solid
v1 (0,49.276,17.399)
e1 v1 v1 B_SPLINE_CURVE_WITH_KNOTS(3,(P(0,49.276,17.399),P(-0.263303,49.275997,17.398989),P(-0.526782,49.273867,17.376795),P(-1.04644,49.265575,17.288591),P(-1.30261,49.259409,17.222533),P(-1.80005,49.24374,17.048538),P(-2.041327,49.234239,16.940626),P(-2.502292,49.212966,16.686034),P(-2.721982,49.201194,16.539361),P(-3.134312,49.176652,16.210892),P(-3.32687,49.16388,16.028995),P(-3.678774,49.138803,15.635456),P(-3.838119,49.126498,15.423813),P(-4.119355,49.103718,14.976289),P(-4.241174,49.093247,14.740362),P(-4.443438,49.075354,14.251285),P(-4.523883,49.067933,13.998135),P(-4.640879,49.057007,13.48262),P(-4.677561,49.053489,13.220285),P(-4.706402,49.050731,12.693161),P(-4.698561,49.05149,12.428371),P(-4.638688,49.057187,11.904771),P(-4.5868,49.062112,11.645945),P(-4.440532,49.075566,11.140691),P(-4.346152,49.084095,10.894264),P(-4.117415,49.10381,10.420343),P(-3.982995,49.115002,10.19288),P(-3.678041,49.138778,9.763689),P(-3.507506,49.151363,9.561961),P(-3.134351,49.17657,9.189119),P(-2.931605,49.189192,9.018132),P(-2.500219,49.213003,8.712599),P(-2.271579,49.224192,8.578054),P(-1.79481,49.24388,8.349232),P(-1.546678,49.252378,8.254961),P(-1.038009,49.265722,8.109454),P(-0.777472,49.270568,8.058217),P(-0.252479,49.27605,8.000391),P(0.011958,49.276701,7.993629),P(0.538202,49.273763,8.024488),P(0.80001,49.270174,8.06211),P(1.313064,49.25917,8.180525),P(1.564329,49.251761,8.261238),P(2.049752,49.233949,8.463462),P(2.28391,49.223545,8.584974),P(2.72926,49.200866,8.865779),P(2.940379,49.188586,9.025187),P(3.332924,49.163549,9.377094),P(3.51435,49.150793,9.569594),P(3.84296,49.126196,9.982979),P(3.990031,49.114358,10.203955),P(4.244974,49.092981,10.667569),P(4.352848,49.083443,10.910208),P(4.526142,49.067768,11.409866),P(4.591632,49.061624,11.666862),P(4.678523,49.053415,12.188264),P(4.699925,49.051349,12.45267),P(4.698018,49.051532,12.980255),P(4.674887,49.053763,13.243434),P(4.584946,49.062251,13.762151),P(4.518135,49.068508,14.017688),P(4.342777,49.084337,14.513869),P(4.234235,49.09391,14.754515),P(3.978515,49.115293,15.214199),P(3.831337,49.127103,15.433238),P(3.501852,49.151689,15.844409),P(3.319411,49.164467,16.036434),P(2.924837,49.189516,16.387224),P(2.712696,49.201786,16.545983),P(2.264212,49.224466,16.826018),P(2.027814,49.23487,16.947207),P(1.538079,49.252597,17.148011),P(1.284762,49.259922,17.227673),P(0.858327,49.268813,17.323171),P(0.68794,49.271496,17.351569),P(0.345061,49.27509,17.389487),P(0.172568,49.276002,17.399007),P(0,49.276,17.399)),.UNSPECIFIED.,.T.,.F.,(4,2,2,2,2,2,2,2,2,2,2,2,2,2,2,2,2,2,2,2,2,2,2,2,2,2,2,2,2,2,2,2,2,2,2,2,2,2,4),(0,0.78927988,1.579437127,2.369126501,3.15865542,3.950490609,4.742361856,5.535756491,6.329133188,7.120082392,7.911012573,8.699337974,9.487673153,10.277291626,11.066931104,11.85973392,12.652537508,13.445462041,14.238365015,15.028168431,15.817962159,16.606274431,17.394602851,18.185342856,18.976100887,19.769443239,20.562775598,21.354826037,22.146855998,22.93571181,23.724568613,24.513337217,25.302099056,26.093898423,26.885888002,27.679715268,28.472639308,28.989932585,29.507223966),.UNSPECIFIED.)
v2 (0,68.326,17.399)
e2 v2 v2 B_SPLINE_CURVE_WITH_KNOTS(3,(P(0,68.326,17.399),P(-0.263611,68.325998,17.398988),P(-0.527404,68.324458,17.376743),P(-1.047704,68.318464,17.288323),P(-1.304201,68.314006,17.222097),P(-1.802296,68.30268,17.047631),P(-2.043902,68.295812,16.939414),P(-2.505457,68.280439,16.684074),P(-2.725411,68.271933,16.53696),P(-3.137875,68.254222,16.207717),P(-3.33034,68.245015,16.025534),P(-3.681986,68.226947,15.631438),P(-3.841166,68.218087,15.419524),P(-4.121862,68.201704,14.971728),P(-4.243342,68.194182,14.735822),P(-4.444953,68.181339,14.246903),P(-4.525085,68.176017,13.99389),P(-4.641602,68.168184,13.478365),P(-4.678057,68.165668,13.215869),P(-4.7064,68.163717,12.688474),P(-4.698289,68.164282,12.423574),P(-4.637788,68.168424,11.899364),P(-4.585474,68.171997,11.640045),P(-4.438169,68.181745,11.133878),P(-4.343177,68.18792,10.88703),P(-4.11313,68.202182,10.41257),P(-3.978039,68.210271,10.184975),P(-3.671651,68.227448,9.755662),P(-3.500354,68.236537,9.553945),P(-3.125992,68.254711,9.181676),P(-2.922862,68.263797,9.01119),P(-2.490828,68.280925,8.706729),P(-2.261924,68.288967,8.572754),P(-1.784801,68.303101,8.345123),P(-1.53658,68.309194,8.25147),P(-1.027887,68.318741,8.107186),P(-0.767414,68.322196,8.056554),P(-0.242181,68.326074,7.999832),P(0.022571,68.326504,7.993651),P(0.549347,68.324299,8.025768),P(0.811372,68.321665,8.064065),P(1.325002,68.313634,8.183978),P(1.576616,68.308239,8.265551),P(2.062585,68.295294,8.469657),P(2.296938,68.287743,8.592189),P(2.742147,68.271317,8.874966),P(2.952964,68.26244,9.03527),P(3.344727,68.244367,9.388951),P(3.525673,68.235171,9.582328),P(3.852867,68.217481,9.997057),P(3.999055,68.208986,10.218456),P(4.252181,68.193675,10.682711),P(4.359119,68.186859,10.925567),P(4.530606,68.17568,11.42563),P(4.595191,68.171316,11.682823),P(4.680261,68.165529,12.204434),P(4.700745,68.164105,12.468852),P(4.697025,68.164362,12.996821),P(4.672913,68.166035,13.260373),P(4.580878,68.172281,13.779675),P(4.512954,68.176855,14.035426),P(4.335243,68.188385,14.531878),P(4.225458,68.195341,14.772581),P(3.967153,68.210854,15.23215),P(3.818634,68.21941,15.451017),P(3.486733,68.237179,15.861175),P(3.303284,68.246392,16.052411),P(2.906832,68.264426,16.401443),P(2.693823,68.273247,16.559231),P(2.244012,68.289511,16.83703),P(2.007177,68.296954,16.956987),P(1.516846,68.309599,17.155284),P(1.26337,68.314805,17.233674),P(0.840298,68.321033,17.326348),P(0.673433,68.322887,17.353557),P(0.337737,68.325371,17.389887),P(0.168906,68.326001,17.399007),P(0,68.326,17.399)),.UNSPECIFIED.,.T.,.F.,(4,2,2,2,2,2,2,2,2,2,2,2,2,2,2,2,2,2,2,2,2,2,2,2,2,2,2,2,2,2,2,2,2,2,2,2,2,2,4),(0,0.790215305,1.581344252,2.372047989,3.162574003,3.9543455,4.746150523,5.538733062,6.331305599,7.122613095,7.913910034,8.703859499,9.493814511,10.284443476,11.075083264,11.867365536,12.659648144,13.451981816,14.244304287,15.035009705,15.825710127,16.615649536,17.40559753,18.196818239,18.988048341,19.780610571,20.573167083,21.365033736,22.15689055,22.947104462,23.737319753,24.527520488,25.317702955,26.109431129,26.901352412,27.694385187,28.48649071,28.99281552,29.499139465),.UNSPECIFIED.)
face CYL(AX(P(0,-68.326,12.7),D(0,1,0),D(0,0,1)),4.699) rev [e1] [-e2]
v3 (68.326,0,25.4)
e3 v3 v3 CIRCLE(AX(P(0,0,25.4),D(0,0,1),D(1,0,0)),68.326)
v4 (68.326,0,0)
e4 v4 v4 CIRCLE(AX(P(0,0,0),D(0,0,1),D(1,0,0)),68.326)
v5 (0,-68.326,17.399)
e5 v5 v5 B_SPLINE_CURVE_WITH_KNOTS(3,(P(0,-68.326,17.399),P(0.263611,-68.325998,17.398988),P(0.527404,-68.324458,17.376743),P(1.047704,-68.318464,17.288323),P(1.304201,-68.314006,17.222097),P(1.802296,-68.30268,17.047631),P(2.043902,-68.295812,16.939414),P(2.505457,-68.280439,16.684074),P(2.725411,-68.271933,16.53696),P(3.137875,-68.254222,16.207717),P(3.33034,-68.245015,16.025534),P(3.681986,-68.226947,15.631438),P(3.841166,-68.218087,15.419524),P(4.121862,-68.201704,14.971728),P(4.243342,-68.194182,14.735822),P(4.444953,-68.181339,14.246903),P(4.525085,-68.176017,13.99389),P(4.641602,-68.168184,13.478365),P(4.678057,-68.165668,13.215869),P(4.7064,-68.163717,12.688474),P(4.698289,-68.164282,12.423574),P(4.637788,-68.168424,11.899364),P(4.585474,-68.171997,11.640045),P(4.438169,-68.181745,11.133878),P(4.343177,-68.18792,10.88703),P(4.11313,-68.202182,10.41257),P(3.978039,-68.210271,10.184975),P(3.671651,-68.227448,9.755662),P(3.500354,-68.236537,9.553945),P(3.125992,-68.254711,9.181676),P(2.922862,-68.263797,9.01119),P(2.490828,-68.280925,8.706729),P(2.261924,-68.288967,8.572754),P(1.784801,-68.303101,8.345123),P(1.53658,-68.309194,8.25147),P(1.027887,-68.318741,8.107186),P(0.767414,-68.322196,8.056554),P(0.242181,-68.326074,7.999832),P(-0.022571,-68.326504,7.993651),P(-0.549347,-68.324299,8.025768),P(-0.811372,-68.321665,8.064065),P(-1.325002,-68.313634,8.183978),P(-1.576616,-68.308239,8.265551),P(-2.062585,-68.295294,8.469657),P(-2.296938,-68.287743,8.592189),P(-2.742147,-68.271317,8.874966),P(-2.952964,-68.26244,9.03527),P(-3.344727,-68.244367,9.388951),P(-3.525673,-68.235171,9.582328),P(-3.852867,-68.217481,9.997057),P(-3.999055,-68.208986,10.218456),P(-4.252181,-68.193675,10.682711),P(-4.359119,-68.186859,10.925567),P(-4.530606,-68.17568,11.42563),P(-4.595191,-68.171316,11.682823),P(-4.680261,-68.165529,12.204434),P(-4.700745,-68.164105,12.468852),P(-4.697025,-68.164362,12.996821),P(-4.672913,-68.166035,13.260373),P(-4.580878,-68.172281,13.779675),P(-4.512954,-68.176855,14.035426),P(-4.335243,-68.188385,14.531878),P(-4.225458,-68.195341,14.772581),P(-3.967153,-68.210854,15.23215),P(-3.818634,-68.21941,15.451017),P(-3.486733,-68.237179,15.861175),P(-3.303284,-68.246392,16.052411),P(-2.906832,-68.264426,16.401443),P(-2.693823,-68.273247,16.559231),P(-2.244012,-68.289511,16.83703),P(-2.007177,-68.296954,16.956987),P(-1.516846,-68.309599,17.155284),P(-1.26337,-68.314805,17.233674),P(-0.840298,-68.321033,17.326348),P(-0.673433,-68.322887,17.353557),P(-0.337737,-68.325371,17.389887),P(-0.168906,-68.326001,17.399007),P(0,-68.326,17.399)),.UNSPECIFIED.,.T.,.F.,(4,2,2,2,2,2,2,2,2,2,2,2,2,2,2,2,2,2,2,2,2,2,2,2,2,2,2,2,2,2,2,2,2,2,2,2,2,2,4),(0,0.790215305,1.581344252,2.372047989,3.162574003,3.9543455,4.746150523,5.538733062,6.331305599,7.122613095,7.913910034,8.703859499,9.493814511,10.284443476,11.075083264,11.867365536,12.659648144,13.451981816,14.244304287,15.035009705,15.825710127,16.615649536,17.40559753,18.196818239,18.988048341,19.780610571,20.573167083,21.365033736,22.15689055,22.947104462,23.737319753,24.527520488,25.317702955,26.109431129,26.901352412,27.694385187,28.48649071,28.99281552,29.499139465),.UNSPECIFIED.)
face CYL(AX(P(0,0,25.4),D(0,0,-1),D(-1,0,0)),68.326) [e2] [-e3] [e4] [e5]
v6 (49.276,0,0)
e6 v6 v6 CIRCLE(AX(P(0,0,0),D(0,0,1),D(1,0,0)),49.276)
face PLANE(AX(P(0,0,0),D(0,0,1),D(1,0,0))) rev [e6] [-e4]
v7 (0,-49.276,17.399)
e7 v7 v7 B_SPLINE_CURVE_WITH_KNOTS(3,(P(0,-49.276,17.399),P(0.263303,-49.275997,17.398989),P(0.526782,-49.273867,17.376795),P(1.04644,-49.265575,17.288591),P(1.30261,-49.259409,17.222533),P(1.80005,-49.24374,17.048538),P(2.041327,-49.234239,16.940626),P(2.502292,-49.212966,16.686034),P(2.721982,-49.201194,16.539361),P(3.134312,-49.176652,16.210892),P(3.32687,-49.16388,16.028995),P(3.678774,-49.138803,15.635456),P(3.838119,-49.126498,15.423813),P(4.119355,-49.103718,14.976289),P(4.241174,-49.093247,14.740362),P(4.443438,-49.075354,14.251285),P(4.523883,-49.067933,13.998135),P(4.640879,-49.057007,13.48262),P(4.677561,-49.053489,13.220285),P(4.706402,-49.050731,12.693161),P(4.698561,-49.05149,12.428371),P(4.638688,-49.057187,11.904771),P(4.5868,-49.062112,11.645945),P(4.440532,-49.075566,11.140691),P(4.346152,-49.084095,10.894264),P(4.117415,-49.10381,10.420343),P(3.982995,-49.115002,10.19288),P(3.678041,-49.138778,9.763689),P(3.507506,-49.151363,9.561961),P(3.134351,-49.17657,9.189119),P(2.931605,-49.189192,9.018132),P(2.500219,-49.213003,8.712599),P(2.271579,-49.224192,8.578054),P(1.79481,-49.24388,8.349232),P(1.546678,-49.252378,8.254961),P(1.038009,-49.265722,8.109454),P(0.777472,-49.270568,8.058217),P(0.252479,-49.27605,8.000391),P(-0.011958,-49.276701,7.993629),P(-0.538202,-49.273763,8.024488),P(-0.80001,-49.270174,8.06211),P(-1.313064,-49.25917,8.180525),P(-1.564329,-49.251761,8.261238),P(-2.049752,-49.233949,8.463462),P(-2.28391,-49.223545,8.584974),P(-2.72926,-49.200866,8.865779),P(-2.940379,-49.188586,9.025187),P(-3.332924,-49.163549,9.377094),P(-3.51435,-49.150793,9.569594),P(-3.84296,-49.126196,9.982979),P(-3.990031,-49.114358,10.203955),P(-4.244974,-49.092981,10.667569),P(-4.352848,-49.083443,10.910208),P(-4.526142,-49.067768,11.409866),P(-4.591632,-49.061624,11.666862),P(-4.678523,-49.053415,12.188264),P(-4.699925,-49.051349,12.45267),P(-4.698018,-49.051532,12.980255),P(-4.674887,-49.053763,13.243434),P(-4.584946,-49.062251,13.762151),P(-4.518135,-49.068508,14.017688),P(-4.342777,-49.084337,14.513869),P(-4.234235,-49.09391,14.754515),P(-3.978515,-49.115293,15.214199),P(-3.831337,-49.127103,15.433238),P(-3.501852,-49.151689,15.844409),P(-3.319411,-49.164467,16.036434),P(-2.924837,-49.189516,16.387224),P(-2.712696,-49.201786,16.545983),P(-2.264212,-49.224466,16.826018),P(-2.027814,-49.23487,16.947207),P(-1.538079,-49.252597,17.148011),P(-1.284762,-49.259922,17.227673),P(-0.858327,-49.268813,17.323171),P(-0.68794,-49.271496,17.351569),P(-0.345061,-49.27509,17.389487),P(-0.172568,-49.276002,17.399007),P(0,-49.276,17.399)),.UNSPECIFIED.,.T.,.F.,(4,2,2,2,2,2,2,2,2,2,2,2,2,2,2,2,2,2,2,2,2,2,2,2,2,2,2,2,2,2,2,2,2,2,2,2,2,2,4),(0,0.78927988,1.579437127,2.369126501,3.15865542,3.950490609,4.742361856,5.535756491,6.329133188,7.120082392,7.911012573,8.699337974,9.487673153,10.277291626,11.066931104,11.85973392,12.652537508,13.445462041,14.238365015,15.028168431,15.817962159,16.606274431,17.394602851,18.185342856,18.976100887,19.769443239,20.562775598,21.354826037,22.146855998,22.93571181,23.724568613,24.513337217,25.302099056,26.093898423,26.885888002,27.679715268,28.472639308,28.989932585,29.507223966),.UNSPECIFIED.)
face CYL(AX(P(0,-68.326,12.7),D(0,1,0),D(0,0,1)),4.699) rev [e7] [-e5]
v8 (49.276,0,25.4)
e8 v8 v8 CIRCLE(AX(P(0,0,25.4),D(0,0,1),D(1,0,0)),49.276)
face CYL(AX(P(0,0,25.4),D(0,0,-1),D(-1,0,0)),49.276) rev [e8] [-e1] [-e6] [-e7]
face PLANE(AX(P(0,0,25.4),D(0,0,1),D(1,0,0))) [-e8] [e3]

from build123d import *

# Parameters (mm, degrees)
SKETCH1_R               = 68.326
SKETCH1_R_2             = 49.276
BOSS_EXTRUDE1_DEPTH     = 25.4
SKETCH2_R               = 4.699
CUT_EXTRUDE1_DEPTH      = 69.326
CUT_EXTRUDE1_DEPTH_BACK = 69.326


with BuildPart() as part:
    # Sketch1 → Boss-Extrude1 (new body)
    with BuildSketch(Plane.XY):
        Circle(SKETCH1_R)
        Circle(SKETCH1_R_2, mode=Mode.SUBTRACT)
    extrude(amount=BOSS_EXTRUDE1_DEPTH)

    # Sketch2 → Cut-Extrude1 (cut, two sides)
    with BuildSketch(Plane(origin=(0, 0, 0), x_dir=(1, 0, 0), z_dir=(0, 1, 0))) as cut_extrude1_sk:
        with Locations((0, -12.7)):
            Circle(SKETCH2_R)
    extrude(amount=CUT_EXTRUDE1_DEPTH, mode=Mode.SUBTRACT)
    extrude(cut_extrude1_sk.sketch, amount=-CUT_EXTRUDE1_DEPTH_BACK, mode=Mode.SUBTRACT)


solid = part.part
